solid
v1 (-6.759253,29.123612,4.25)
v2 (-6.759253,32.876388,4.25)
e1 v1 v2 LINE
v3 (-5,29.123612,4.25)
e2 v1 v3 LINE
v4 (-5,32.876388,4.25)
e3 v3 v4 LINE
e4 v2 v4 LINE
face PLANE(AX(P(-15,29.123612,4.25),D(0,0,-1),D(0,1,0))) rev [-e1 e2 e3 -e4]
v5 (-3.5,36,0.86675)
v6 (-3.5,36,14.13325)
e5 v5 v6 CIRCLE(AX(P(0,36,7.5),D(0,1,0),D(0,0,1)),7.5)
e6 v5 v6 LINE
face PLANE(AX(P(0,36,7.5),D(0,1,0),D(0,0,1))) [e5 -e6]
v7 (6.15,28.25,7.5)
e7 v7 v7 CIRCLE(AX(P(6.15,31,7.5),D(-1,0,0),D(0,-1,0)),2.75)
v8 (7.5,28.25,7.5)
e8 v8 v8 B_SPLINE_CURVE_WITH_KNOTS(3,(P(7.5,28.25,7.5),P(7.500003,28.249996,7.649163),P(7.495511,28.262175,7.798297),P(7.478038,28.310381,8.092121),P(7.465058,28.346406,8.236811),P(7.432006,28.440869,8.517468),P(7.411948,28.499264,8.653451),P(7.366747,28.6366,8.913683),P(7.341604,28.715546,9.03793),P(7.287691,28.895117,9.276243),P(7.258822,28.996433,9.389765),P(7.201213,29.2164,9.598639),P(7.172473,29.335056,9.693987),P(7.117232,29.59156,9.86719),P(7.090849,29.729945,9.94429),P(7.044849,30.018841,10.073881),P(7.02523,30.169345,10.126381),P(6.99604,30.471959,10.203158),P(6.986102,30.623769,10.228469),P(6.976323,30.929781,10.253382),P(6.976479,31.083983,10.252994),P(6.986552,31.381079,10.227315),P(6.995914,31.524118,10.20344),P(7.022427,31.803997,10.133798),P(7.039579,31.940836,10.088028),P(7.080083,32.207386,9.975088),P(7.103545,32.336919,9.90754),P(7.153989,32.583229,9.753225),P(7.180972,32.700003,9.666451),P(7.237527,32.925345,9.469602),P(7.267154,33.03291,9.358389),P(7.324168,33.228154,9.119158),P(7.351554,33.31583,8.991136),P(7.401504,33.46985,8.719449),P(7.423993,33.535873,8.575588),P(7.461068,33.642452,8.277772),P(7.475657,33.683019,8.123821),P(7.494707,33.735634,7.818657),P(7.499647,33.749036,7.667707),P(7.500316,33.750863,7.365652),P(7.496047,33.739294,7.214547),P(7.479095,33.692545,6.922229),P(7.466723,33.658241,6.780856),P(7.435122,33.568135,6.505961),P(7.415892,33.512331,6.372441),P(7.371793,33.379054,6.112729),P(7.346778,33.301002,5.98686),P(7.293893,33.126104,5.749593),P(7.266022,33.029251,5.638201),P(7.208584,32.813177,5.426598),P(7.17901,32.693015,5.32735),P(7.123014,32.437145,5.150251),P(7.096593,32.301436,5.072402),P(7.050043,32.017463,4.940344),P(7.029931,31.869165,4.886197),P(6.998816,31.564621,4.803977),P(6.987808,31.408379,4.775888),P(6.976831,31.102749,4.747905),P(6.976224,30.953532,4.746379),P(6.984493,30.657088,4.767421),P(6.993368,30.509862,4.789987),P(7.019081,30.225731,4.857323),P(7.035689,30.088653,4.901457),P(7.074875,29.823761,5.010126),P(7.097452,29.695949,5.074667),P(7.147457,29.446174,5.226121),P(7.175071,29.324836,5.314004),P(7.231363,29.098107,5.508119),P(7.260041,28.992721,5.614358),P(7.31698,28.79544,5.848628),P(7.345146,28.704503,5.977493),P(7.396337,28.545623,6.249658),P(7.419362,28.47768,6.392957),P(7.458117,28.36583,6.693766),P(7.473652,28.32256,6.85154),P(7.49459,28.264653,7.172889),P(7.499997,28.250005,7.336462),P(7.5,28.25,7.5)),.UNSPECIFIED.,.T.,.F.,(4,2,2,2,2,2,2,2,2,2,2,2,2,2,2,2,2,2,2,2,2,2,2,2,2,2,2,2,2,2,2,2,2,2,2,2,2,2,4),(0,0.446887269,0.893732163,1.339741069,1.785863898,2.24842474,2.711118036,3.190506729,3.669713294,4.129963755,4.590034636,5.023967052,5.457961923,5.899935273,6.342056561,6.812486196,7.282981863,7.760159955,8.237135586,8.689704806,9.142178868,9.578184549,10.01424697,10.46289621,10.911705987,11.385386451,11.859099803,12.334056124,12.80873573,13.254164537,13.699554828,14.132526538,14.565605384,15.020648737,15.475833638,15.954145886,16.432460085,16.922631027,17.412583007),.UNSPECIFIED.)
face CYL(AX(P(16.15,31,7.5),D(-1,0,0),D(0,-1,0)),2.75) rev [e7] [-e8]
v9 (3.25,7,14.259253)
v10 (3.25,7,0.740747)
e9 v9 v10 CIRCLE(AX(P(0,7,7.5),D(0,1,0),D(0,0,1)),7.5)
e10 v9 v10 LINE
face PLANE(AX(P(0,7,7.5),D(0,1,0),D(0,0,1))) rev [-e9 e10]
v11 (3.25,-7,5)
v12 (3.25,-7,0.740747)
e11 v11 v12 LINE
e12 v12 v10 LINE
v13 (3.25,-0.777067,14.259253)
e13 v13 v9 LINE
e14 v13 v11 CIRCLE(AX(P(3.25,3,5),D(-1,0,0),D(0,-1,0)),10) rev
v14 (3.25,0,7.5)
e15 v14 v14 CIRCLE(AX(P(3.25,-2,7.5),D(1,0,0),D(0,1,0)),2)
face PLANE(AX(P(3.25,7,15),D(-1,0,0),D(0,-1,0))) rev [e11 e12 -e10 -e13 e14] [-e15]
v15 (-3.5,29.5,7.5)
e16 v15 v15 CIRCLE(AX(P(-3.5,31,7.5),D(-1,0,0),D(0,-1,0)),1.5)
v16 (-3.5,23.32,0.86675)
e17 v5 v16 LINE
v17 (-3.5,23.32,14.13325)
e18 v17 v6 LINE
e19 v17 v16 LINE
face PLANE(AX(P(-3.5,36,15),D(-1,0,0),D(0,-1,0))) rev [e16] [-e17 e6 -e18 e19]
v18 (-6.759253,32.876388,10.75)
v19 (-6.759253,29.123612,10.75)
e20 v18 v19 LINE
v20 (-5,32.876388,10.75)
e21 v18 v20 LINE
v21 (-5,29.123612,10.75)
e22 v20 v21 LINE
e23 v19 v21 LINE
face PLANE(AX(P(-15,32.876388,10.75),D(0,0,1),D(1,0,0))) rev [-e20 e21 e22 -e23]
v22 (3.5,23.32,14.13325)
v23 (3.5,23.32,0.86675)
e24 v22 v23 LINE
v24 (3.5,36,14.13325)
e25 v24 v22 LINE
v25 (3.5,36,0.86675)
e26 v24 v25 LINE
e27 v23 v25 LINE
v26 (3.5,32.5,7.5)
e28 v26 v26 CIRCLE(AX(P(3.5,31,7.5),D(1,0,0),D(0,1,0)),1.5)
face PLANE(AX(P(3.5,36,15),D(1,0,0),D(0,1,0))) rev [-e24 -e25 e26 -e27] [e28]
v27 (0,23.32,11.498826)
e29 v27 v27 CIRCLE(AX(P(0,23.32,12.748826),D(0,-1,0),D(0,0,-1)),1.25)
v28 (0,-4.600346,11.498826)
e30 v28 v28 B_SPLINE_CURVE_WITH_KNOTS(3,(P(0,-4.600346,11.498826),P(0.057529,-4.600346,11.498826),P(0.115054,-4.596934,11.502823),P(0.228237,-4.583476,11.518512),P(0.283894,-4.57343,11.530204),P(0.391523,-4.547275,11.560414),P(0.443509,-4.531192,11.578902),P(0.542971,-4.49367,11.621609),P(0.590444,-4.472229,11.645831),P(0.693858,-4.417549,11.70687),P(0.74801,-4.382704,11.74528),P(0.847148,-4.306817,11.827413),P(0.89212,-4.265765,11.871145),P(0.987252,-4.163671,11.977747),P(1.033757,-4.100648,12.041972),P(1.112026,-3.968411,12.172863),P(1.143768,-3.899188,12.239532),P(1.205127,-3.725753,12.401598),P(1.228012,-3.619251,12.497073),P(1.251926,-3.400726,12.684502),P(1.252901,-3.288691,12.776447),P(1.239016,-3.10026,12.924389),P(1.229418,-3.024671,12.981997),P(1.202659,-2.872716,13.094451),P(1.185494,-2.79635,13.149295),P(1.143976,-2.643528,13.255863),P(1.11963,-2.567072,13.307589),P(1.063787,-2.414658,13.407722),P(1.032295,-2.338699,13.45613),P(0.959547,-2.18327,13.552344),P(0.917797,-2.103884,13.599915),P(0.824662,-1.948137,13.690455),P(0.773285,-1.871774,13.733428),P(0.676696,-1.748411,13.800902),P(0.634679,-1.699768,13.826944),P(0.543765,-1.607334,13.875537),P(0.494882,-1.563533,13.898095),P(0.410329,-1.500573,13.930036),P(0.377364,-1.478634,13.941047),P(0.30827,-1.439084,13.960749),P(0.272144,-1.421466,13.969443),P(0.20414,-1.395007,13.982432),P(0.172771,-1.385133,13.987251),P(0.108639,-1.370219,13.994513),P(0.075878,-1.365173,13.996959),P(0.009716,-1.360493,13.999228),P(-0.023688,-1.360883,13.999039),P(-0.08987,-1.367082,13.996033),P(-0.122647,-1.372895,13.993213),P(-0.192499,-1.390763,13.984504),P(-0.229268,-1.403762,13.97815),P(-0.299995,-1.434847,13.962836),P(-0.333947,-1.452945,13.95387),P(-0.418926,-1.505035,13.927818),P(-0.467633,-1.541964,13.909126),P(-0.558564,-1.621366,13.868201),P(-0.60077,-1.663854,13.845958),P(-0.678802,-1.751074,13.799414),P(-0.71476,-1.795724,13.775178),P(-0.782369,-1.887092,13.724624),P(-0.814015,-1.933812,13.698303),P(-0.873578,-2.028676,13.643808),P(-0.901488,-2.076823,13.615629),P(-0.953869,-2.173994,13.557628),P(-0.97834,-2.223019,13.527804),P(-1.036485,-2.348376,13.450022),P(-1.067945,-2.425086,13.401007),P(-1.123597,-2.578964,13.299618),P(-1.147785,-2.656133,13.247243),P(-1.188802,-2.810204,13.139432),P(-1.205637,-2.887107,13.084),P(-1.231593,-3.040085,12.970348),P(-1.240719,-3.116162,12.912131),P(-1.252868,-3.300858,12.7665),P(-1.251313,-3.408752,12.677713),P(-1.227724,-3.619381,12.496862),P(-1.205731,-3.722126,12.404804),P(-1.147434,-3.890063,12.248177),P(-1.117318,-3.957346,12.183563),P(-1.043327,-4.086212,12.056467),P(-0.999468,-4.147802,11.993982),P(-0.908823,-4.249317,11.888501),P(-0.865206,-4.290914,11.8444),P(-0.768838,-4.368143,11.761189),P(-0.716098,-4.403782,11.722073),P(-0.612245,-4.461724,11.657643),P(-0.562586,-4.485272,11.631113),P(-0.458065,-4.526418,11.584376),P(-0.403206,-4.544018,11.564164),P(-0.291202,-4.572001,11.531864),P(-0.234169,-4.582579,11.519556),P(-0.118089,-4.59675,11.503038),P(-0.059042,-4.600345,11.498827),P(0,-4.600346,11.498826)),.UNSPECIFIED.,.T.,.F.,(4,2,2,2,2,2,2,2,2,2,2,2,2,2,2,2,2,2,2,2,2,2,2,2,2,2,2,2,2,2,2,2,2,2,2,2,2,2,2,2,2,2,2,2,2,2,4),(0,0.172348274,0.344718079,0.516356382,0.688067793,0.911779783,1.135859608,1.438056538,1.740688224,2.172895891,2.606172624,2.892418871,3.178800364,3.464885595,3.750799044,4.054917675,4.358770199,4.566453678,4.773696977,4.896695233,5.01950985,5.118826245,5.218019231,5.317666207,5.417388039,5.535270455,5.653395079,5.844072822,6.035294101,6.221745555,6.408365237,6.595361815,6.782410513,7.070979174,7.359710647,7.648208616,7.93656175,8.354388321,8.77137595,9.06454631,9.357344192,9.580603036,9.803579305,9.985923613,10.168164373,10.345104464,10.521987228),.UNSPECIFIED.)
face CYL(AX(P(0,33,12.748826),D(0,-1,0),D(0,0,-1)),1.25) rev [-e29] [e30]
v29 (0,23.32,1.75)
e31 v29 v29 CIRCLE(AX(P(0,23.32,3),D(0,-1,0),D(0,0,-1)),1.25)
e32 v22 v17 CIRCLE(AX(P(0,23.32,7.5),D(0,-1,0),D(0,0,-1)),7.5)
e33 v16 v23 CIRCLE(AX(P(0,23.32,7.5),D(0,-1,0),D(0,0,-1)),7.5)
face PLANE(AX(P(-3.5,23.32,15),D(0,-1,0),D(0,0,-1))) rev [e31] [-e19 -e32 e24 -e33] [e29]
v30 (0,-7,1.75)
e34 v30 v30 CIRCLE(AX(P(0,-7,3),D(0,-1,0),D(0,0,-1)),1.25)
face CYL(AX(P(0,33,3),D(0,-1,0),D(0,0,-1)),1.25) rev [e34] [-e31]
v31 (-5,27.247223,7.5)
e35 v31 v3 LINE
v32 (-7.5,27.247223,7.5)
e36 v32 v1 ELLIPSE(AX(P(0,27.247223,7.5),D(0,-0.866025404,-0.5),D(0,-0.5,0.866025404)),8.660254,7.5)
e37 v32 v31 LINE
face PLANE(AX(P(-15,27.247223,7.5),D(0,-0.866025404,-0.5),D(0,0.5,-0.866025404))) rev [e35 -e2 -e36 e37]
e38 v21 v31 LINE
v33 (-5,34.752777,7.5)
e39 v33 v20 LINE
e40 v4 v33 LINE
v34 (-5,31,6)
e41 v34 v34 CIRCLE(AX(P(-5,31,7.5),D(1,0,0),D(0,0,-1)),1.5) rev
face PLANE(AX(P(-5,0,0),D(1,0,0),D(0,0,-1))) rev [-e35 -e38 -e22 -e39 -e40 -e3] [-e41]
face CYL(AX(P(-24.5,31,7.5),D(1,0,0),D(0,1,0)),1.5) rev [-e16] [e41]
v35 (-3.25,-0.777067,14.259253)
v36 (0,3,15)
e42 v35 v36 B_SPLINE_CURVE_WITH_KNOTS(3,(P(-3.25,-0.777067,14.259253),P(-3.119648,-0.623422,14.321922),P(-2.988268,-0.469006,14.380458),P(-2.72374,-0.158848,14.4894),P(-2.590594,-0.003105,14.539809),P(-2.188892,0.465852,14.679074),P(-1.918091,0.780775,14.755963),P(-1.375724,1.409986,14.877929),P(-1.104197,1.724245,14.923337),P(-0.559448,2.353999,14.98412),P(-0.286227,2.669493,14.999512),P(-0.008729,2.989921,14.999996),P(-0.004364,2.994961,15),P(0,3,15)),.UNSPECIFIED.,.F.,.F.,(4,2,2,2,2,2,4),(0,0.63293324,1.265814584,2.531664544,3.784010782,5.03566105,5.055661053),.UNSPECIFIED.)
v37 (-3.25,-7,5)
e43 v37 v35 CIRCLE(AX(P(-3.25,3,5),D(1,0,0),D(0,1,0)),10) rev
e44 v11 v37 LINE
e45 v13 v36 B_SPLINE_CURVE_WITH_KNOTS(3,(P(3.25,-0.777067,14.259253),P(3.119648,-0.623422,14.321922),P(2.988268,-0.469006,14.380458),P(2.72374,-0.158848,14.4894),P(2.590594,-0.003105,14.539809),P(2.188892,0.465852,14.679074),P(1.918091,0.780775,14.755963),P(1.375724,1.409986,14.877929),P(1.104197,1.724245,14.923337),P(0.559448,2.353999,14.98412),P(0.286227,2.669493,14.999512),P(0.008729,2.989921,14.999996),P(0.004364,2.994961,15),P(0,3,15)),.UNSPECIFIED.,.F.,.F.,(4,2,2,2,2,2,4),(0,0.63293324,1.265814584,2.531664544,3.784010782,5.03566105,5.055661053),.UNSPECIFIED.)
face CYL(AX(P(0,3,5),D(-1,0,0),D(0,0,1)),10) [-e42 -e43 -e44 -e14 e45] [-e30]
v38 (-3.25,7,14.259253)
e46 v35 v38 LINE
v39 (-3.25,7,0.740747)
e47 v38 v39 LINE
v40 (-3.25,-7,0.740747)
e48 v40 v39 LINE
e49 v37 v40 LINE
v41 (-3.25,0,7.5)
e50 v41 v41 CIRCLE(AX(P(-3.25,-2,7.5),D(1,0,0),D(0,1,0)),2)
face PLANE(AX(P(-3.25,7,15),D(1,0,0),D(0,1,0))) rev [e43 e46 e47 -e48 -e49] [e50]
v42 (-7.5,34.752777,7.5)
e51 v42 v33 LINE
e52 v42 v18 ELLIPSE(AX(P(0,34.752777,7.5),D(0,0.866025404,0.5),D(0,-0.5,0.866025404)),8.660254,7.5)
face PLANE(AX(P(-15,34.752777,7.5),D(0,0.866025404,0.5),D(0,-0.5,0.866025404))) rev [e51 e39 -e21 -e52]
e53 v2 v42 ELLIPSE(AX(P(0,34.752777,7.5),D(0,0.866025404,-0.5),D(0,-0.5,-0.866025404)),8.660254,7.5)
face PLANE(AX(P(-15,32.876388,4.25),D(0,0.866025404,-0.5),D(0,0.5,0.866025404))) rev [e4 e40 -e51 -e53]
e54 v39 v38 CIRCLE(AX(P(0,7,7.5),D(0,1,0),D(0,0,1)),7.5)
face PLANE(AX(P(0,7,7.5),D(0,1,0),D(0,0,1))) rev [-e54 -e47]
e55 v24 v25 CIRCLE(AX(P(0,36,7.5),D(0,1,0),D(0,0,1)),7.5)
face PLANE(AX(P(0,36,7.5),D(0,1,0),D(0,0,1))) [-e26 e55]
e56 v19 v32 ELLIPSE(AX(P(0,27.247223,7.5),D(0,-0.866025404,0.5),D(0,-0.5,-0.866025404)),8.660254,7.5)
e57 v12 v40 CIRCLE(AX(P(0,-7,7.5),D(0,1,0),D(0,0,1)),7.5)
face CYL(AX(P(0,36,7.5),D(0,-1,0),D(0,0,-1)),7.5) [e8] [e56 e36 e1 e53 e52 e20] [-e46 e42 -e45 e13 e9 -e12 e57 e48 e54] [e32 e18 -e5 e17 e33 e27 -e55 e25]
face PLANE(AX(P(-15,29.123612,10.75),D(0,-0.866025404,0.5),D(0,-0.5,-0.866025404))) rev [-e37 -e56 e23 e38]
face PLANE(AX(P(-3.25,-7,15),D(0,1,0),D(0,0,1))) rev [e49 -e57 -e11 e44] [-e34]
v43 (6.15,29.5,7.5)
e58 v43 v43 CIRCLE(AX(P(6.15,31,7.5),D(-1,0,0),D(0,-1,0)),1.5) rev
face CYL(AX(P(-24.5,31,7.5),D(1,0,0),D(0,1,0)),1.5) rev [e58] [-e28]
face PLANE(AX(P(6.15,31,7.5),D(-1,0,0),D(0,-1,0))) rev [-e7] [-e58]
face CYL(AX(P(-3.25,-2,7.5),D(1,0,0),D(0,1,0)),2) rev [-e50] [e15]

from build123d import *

# Parameters (mm, degrees)
SKETCH1_W           = 6.5
SKETCH1_H           = 14
BOSS_EXTRUDE1_DEPTH = 15
FILLET1_R           = 10
SKETCH2_R           = 2
CUT_EXTRUDE1_DEPTH  = 18.783419244
SKETCH4_R           = 7.5
BOSS_EXTRUDE2_DEPTH = 29
SKETCH6_W           = 7
SKETCH6_H           = 12.68
CUT_EXTRUDE2_DEPTH  = 40.714606885
CUT_EXTRUDE3_DEPTH  = 34.5
SKETCH8_R           = 1.5
CUT_EXTRUDE4_DEPTH  = 21
SKETCH9_R           = 2.75
CUT_EXTRUDE5_DEPTH  = 10
CUT_EXTRUDE6_DEPTH  = 10
SKETCH11_R          = 1.25
CUT_EXTRUDE7_DEPTH  = 40


with BuildPart() as part:
    # Sketch1 → Boss-Extrude1 (new body)
    with BuildSketch(Plane.XY):
        Rectangle(SKETCH1_W, SKETCH1_H)
    extrude(amount=BOSS_EXTRUDE1_DEPTH)

    # Fillet1
    fillet1_edges = [part.edges().sort_by_distance(p)[0] for p in [
        (0, -7, 15),
    ]]
    fillet(fillet1_edges, radius=FILLET1_R)

    # Sketch2 → Cut-Extrude1 (cut, through all)
    with BuildSketch(Plane(origin=(3.25, 0, 0), x_dir=(0, 0, -1), z_dir=(1, 0, 0))):
        with Locations((-7.5, -2)):
            Circle(SKETCH2_R)
    extrude(amount=-CUT_EXTRUDE1_DEPTH, mode=Mode.SUBTRACT)

    # Sketch4 → Boss-Extrude2 (add)
    with BuildSketch(Plane(origin=(0, 7, 0), x_dir=(1, 0, 0), z_dir=(0, 1, 0))):
        with Locations((0, -7.5)):
            Circle(SKETCH4_R)
    extrude(amount=BOSS_EXTRUDE2_DEPTH)

    # Sketch6 → Cut-Extrude2 (cut, through all)
    with BuildSketch(Plane(origin=(0, 0, 0), x_dir=(-1, 0, 0), z_dir=(0, 0, -1))):
        with Locations((0, 29.66)):
            Rectangle(SKETCH6_W, SKETCH6_H)
    extrude(amount=-CUT_EXTRUDE2_DEPTH, mode=Mode.SUBTRACT)

    # Sketch7 → Cut-Extrude3 (cut, through all)
    with BuildSketch(Plane(origin=(0, 7, 0), x_dir=(1, 0, 0), z_dir=(0, 1, 0))):
        with BuildLine():
            ThreePointArc((0, -15), (-1.666673801, -14.812468697), (-3.25, -14.259252917))
            Line((-3.25, -14.259252917), (-3.25, -15))
            Line((-3.25, -15), (0, -15))
        make_face()
        with BuildLine():
            ThreePointArc((3.25, -14.259252917), (1.666673801, -14.812468697), (0, -15))
            Line((0, -15), (3.25, -15))
            Line((3.25, -15), (3.25, -14.259252917))
        make_face()
        with BuildLine():
            ThreePointArc((-3.25, -0.740747083), (-1.666673801, -0.187531303), (0, 0))
            Line((0, 0), (-3.25, 0))
            Line((-3.25, 0), (-3.25, -0.740747083))
        make_face()
        with BuildLine():
            Line((3.25, 0), (0, 0))
            ThreePointArc((0, 0), (1.666673801, -0.187531303), (3.25, -0.740747083))
            Line((3.25, -0.740747083), (3.25, 0))
        make_face()
    extrude(amount=-CUT_EXTRUDE3_DEPTH, mode=Mode.SUBTRACT)

    # Sketch8 → Cut-Extrude4 (cut, symmetric)
    with BuildSketch(Plane(origin=(-3.5, 0, 0), x_dir=(0, 0, -1), z_dir=(1, 0, 0))):
        with Locations((-7.5, 31)):
            Circle(SKETCH8_R)
    extrude(amount=CUT_EXTRUDE4_DEPTH, both=True, mode=Mode.SUBTRACT)

    # Sketch9 → Cut-Extrude5 (cut)
    with BuildSketch(Plane.ZY.offset(-6.15)):
        with Locations((7.5, 31)):
            Circle(SKETCH9_R)
    extrude(amount=-CUT_EXTRUDE5_DEPTH, mode=Mode.SUBTRACT)

    # Sketch10 → Cut-Extrude6 (cut)
    with BuildSketch(Plane(origin=(-5, 0, 0), x_dir=(0, 0, -1), z_dir=(1, 0, 0))):
        Polygon((-7.5, 34.75277675), (-10.75, 32.876388375), (-10.75, 29.123611625), (-7.5, 27.24722325), (-4.25, 29.123611625), (-4.25, 32.876388375), align=None)
    extrude(amount=-CUT_EXTRUDE6_DEPTH, mode=Mode.SUBTRACT)

    # Sketch11 → Cut-Extrude7 (cut)
    with BuildSketch(Plane.XZ.offset(7)):
        with Locations((0, 3)):
            Circle(SKETCH11_R)
        with Locations((0, 12.74882624)):
            Circle(SKETCH11_R)
    extrude(amount=-CUT_EXTRUDE7_DEPTH, mode=Mode.SUBTRACT)


solid = part.part
